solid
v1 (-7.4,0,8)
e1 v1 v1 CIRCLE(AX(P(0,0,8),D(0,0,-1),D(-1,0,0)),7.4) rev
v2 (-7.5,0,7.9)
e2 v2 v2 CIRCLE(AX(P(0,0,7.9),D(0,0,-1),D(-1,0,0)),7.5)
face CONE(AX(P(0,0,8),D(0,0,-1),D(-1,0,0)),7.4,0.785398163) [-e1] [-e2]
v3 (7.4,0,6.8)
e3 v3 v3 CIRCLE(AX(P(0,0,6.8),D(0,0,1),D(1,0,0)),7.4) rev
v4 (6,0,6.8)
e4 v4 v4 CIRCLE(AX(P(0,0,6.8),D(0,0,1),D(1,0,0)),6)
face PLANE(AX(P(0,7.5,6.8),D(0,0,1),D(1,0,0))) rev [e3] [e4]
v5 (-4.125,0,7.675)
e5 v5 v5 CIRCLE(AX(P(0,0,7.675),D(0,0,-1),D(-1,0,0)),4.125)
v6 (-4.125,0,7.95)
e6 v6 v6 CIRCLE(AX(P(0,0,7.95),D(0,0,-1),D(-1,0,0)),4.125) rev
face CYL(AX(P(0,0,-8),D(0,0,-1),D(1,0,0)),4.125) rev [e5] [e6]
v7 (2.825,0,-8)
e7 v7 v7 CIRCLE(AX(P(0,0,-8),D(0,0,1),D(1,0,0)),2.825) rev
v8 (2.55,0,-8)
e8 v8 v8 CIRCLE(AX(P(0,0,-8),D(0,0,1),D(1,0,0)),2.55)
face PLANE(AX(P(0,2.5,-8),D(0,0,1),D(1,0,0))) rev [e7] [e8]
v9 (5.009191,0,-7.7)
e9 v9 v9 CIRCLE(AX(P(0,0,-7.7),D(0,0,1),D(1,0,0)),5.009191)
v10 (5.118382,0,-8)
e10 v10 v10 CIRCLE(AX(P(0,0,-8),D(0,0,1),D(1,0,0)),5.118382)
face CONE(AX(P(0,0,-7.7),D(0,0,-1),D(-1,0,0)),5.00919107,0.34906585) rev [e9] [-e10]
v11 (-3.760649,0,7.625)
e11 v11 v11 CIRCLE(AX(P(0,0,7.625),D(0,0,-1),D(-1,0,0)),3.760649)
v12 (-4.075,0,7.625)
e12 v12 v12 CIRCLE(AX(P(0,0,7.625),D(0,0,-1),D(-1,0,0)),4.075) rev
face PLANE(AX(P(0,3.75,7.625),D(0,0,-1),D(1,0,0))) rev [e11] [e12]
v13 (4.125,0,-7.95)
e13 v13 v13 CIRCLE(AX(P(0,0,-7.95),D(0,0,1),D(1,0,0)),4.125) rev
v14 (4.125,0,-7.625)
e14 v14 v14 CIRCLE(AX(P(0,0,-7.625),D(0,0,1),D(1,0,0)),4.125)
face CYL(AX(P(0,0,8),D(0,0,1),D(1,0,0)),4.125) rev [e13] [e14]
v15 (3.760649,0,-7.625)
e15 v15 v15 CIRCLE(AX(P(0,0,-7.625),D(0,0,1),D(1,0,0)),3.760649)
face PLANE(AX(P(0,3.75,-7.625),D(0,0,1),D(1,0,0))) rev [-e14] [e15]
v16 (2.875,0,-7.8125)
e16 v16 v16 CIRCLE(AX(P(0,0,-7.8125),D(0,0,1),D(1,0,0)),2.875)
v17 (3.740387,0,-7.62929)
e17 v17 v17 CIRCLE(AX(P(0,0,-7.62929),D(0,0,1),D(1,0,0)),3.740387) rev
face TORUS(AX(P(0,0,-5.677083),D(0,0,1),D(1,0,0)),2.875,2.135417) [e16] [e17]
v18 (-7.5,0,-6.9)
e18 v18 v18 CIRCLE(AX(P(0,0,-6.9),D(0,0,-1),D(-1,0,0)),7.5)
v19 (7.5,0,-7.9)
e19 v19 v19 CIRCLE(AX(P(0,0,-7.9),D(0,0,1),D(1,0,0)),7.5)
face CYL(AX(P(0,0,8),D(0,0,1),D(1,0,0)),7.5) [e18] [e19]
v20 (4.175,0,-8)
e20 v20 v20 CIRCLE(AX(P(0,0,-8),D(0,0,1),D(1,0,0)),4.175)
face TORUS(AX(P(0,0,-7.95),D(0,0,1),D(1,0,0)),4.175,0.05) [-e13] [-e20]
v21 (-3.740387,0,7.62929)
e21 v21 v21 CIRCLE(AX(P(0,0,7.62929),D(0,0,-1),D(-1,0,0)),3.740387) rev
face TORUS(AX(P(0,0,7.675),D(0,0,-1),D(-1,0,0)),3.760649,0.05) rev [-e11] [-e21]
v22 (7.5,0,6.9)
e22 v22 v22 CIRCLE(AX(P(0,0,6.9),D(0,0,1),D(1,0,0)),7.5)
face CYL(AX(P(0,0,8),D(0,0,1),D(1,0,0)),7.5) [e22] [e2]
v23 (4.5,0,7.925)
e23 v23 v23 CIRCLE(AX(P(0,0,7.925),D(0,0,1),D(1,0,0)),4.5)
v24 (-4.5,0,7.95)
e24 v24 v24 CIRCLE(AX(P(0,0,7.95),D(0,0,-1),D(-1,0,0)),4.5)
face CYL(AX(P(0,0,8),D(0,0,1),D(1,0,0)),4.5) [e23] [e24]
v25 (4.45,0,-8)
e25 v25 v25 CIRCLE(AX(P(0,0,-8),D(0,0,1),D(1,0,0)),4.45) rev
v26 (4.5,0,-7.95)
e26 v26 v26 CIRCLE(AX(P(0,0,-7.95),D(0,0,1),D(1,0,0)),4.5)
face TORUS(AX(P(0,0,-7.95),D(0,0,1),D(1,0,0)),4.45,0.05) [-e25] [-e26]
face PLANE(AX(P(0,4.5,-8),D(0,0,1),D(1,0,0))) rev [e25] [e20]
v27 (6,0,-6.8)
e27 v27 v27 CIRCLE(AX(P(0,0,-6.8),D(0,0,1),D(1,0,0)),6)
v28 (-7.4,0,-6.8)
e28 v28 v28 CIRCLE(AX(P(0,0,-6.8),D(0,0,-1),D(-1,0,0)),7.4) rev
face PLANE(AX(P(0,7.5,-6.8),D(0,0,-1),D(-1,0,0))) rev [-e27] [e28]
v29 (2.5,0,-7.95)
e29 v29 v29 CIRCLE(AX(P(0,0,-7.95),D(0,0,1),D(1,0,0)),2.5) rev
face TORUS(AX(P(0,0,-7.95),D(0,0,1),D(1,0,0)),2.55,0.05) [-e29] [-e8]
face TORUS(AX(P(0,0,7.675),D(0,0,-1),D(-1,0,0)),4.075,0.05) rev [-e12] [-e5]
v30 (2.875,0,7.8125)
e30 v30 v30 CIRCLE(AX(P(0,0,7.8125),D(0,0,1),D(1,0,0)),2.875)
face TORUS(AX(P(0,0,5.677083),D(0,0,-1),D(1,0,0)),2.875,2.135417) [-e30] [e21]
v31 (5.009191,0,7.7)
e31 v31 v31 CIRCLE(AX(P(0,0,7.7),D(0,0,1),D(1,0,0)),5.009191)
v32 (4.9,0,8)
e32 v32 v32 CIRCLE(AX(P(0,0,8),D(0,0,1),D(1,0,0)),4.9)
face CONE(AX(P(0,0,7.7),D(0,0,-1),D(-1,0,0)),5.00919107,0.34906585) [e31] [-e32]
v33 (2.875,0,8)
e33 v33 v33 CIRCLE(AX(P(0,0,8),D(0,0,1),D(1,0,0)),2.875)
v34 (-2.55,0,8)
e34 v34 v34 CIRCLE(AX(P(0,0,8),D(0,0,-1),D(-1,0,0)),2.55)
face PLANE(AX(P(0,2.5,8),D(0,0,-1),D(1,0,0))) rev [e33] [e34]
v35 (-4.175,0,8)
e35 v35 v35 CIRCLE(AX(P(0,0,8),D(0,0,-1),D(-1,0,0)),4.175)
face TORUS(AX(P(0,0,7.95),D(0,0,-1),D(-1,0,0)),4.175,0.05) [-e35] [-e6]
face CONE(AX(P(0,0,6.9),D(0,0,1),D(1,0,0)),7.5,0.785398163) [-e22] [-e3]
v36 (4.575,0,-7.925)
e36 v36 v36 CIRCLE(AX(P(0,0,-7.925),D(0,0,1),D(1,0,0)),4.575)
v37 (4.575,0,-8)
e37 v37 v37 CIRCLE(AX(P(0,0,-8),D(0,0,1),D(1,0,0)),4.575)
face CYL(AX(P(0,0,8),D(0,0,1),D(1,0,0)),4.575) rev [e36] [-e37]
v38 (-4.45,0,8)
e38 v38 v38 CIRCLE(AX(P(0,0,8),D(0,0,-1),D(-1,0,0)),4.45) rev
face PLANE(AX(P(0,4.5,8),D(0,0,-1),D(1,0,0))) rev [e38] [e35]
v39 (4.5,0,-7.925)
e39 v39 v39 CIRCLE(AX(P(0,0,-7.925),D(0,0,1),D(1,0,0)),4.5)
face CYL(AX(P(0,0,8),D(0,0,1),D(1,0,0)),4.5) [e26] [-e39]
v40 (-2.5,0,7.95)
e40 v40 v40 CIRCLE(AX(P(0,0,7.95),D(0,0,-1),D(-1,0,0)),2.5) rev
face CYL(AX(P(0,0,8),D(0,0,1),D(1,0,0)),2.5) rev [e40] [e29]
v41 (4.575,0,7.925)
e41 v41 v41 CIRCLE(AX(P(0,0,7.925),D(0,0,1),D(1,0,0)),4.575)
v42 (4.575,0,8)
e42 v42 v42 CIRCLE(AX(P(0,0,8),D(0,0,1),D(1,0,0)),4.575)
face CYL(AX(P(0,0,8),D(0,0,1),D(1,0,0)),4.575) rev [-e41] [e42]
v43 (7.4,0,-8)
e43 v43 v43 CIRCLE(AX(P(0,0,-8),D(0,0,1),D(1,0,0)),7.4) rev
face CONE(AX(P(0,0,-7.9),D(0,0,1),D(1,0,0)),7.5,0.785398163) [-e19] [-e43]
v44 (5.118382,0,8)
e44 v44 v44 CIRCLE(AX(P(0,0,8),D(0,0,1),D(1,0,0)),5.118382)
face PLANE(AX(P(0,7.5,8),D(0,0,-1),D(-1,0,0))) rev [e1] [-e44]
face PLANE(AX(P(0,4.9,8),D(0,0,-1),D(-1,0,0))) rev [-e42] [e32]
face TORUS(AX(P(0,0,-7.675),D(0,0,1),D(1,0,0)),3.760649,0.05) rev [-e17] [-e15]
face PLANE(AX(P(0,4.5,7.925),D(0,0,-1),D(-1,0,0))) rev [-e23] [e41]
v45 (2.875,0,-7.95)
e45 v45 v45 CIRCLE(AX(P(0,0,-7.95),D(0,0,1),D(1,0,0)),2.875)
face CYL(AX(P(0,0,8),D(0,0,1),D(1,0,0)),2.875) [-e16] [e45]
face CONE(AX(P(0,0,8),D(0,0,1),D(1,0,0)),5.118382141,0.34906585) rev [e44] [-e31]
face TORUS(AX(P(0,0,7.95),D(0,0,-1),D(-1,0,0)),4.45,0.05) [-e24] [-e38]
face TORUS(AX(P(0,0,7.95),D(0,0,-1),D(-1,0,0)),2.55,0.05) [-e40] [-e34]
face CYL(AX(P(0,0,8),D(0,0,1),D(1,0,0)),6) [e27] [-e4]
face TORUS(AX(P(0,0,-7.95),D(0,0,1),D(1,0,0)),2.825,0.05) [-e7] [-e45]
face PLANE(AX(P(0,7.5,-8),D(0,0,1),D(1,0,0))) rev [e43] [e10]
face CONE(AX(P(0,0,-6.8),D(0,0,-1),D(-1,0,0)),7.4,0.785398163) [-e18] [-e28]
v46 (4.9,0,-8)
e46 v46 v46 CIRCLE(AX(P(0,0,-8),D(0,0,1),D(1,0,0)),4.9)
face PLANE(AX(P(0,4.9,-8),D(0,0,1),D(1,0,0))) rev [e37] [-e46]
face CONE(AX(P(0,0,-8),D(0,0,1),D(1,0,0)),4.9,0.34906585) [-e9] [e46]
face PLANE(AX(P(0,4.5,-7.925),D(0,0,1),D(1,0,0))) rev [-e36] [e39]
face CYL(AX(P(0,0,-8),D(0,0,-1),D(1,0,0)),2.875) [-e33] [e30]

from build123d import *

# Parameters (mm, degrees)
CHAMFER1_SIZE = 0.1
FILLET2_R     = 0.05


with BuildPart() as part:
    # Sketch2 → Revolve1 (revolve)
    with BuildSketch(Plane(origin=(0, 0, 0), x_dir=(0, 0, -1), z_dir=(1, 0, 0))):
        with BuildLine():
            Line((8, 2.5), (0, 2.5))
            Line((0, 2.5), (0, 4.5))
            Line((0, 4.5), (8, 4.5))
            Line((8, 4.5), (8, 4.125))
            Line((8, 4.125), (7.625, 4.125))
            Line((7.625, 4.125), (7.625, 3.75))
            ThreePointArc((7.625, 3.75), (7.765098905, 3.322431908), (7.8125, 2.875))
            Line((7.8125, 2.875), (8, 2.875))
            Line((8, 2.875), (8, 2.5))
        make_face()
    revolve(axis=Axis((0, 0, 8), (0, 0, -1)))

    # Mirror1: part across plane


with BuildPart() as part_1:
    add(part.part)
    add(part.part.mirror(Plane.XY))

    # Fillet2
    fillet2_edges = [part_1.edges().sort_by_distance(p)[0] for p in [
        (0, -2.5, -8),
        (0, -2.5, 8),
        (0, -4.5, 8),
        (0, -4.125, 8),
        (0, -4.125, 7.625),
        (0, -3.75, 7.625),
        (0, -2.875, -8),
        (0, -3.75, -7.625),
        (0, -4.125, -8),
        (0, -4.5, -8),
    ]]
    fillet(fillet2_edges, radius=FILLET2_R)


with BuildPart() as body_2:
    # Sketch3 → Revolve2 (revolve)
    with BuildSketch(Plane(origin=(0, 0, 0), x_dir=(0, 0, -1), z_dir=(1, 0, 0))):
        Polygon((6.8, 7.5), (8, 7.5), (8, 5.118382141), (7.7, 5.00919107), (8, 4.9), (8, 4.575), (7.925, 4.575), (7.925, 4.5), (-7.925, 4.5), (-7.925, 4.575), (-8, 4.575), (-8, 4.9), (-7.7, 5.00919107), (-8, 5.118382141), (-8, 7.5), (-6.8, 7.5), (-6.8, 6), (6.8, 6), align=None)
    revolve(axis=Axis((0, 0, 8), (0, 0, -1)))

    # Chamfer1
    chamfer1_edges = [body_2.edges().sort_by_distance(p)[0] for p in [
        (0, -7.5, 6.8),
        (0, -7.5, 8),
        (0, -7.5, -8),
        (0, -7.5, -6.8),
    ]]
    chamfer(chamfer1_edges, length=CHAMFER1_SIZE)

    # Combine1: union part
    add(part_1.part)


solid = body_2.part
